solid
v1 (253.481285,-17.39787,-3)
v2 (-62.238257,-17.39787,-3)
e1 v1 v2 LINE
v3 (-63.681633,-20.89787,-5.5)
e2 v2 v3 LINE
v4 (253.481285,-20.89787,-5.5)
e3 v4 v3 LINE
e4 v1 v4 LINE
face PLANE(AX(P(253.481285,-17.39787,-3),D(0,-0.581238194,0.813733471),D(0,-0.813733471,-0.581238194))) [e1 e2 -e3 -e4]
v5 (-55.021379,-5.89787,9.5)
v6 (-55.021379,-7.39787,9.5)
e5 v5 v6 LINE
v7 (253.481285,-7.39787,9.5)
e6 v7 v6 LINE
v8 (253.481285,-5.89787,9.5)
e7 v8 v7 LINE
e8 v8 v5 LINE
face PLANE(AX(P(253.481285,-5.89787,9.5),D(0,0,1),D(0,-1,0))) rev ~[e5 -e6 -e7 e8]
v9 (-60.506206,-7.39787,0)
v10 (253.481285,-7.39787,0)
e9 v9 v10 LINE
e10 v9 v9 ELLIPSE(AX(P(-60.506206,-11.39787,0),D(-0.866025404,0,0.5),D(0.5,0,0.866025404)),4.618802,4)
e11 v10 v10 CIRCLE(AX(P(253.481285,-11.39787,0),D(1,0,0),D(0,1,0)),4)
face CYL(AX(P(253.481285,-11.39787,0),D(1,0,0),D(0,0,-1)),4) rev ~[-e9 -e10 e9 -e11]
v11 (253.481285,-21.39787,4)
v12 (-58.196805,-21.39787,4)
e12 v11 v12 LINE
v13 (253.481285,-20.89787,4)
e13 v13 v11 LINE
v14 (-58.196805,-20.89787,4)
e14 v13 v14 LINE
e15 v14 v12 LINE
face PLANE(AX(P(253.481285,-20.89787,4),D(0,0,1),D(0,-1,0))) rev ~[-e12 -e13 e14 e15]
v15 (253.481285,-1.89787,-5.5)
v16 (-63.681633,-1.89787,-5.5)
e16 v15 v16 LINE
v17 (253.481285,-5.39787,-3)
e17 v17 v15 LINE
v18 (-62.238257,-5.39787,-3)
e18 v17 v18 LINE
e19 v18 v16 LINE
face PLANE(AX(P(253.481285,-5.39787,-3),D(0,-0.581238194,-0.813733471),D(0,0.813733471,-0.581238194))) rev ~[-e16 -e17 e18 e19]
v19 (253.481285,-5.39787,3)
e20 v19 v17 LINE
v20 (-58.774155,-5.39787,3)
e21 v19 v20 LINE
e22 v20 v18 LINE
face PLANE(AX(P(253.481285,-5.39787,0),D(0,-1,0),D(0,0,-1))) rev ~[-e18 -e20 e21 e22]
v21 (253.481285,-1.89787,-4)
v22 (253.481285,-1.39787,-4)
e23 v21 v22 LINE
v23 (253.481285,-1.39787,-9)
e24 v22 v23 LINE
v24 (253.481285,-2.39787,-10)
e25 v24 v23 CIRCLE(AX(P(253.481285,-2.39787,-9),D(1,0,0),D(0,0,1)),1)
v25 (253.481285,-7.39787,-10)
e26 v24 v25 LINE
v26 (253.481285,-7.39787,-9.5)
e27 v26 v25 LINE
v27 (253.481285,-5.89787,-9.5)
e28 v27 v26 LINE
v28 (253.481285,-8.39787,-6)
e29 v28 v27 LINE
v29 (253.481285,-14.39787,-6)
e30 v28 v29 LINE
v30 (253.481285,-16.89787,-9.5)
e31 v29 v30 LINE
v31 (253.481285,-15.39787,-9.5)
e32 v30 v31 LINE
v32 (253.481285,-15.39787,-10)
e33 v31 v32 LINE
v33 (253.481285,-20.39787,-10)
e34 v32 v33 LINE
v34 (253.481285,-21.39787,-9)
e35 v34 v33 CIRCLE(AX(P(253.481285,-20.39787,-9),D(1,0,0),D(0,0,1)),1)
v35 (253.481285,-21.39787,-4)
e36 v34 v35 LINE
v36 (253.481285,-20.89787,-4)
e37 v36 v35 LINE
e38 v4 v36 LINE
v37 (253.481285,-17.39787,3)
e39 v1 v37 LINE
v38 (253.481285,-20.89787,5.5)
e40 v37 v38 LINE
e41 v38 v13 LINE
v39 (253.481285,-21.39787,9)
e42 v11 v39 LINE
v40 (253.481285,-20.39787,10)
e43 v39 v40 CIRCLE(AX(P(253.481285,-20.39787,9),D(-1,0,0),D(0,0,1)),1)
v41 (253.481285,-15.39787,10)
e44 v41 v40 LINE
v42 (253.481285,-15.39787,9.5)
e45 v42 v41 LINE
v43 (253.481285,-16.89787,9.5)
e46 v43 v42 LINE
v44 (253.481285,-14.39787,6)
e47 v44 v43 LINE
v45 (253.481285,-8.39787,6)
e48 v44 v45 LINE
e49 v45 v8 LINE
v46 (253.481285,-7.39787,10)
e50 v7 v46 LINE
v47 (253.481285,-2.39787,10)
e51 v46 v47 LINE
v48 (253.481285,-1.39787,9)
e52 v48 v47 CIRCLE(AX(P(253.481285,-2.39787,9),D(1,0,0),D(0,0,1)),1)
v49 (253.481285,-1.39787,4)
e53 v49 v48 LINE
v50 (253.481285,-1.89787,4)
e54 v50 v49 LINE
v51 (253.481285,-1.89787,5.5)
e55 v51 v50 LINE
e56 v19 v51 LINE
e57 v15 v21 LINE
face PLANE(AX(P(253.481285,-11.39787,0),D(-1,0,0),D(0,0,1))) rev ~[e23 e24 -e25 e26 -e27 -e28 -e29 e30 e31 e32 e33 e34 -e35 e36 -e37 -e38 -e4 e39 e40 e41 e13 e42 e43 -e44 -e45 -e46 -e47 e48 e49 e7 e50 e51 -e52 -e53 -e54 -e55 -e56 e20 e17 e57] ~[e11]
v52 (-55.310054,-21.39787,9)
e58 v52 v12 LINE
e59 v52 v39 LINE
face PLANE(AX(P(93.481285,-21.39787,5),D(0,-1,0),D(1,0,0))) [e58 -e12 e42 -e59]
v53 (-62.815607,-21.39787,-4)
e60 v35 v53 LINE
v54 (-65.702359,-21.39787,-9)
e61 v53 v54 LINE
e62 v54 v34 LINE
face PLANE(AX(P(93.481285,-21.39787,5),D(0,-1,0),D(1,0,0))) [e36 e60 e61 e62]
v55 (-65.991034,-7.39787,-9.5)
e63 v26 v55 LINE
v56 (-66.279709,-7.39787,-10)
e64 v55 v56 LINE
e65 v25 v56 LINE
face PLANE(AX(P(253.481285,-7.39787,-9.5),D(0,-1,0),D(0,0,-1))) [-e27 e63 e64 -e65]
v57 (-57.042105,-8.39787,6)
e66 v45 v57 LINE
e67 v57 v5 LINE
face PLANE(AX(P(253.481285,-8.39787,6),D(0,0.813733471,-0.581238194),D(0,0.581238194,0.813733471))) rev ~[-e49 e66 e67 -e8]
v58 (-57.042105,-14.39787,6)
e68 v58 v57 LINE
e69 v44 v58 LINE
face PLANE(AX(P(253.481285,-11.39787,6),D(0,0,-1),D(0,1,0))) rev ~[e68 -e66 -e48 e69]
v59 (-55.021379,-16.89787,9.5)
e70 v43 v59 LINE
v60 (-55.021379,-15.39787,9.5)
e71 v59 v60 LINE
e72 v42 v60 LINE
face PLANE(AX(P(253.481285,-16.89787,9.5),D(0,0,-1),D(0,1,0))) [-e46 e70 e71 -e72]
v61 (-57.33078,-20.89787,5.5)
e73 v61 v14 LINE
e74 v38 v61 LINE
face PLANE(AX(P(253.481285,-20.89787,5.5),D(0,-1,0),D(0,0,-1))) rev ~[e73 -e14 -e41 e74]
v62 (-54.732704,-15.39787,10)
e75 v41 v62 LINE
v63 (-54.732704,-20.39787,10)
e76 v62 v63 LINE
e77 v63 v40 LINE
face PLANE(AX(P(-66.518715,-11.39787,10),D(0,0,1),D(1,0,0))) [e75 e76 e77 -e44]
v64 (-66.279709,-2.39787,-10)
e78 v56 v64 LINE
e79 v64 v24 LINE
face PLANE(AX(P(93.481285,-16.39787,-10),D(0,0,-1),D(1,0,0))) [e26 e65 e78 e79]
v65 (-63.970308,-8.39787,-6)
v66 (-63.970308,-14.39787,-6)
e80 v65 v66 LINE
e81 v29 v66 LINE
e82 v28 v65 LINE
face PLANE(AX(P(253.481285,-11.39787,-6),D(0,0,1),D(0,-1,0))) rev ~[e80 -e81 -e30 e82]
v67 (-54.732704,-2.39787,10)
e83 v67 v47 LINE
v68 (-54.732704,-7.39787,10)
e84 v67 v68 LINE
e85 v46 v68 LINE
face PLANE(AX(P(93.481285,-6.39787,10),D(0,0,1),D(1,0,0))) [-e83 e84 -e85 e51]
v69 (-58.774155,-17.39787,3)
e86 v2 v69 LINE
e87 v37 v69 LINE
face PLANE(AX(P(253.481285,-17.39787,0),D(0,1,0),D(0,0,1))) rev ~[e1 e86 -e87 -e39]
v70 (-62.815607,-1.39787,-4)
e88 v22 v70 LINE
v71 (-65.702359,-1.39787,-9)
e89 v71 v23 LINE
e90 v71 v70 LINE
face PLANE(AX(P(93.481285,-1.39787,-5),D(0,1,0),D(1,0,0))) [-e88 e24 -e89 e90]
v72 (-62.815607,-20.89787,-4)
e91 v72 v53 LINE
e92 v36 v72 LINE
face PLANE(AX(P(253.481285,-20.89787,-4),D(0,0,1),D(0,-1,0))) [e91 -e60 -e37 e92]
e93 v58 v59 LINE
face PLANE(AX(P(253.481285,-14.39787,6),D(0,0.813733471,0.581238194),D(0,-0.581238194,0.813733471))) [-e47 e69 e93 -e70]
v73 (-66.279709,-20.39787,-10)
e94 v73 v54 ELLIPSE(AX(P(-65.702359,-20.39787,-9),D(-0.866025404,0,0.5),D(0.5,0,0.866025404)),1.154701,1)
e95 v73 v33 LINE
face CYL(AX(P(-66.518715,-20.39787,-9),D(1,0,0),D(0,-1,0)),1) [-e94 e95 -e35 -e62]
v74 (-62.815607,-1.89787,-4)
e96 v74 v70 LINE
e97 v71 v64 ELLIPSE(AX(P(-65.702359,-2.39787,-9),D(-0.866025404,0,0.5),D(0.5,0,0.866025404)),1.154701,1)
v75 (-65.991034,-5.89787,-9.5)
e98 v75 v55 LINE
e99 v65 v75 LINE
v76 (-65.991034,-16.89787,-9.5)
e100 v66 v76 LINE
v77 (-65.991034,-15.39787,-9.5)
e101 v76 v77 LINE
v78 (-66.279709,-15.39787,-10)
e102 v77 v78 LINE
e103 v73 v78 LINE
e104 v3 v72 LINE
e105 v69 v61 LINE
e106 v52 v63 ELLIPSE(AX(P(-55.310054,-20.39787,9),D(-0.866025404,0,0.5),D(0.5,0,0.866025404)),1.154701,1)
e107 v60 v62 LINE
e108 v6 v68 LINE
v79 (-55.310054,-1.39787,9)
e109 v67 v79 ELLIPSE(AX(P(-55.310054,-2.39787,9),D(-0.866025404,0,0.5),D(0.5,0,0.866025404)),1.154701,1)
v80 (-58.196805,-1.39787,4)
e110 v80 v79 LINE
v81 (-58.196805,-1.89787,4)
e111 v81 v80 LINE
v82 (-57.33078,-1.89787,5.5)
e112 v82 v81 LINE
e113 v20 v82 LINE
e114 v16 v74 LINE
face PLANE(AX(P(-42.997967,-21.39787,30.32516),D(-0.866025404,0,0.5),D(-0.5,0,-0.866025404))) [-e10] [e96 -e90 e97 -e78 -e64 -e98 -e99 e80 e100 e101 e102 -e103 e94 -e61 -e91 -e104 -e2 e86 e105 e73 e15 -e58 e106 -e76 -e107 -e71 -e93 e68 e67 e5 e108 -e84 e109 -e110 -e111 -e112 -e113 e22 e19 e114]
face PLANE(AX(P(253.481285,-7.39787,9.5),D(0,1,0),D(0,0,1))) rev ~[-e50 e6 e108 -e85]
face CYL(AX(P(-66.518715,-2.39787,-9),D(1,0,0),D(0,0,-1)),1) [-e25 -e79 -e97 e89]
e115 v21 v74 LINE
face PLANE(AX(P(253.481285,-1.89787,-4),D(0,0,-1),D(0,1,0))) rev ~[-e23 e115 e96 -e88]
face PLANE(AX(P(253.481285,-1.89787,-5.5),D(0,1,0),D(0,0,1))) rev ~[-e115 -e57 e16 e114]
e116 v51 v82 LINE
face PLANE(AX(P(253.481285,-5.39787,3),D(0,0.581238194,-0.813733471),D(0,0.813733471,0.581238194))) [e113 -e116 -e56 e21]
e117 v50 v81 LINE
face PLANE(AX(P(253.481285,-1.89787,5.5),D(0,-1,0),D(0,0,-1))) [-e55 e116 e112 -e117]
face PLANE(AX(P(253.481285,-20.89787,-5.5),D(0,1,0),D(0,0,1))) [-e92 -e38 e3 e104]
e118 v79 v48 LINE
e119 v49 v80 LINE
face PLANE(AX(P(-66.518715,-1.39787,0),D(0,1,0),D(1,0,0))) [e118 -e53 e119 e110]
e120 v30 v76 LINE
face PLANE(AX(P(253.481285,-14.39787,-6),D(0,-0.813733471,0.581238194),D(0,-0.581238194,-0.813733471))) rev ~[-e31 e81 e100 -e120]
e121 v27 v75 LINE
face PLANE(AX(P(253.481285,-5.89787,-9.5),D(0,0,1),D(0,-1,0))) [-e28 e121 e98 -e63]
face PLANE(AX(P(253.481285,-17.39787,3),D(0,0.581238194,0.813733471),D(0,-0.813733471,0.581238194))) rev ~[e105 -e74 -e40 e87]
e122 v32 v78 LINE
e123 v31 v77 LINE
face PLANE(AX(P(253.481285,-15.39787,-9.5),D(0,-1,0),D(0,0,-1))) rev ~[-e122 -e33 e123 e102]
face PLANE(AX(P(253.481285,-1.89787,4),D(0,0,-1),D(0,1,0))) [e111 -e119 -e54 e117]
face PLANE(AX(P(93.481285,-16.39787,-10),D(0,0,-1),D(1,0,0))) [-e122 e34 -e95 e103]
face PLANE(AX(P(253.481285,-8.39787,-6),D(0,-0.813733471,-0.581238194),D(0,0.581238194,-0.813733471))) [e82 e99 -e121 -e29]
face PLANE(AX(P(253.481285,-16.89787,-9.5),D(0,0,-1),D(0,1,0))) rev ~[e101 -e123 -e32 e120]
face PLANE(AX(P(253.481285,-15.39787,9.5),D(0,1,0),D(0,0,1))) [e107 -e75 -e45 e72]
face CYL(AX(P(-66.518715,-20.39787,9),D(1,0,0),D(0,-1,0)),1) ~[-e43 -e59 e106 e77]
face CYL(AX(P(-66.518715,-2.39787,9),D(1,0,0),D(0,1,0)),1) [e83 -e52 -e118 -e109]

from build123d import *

# Parameters (mm, degrees)
SKETCH_1_W                       = 320
SKETCH_1_H                       = 10
EXTRUDE_1_DEPTH                  = 10
SKETCH_2_R                       = 4
CUT_EXTRUDE_1_DEPTH              = 1270
CUT_EXTRUDE_2_DEPTH              = 1270
FILLET_1_R                       = 1
PATTERN_CIRCULAR_2_COUNT         = 4
FILLET_1_OF_PATTERN_CIRCULAR_2_R = 1
CUT_EXTRUDE_4_DEPTH              = 24


with BuildPart() as part:
    # 草图1 → 凸台-拉伸1 (new body)
    with BuildSketch(Plane.XY):
        with Locations((93.481285353, -6.397869645)):
            Rectangle(SKETCH_1_W, SKETCH_1_H)
    extrude_1 = extrude(amount=EXTRUDE_1_DEPTH)

    # 草图2 → 切除-拉伸1 (cut)
    with BuildSketch(Plane(origin=(253.481285353, 0, 0), x_dir=(0, 0, -1), z_dir=(1, 0, 0))):
        with Locations((0, -11.397869645)):
            Circle(SKETCH_2_R)
    cut_extrude_1 = extrude(amount=-CUT_EXTRUDE_1_DEPTH, mode=Mode.SUBTRACT)

    # 草图3 → 切除-拉伸2 (cut)
    with BuildSketch(Plane(origin=(253.481285353, 0, 0), x_dir=(0, 0, -1), z_dir=(1, 0, 0))):
        Polygon((-4, -1.397869645), (0, -1.397869645), (0, -5.397869645), (-3, -5.397869645), (-5.5, -1.897869645), (-4, -1.897869645), align=None)
        Polygon((-10, -7.397869645), (-10, -11.397869645), (-6, -11.397869645), (-6, -8.397869645), (-9.5, -5.897869645), (-9.5, -7.397869645), align=None)
    cut_extrude_2 = extrude(amount=-CUT_EXTRUDE_2_DEPTH, mode=Mode.SUBTRACT)

    # 圆角1
    fillet_1_edges = [part.edges().sort_by_distance(p)[0] for p in [
        (93.481285353, -1.397869645, 10),
    ]]
    fillet(fillet_1_edges, radius=FILLET_1_R)

    # 阵列(圆周)2: 凸台-拉伸1, 切除-拉伸1, 切除-拉伸2 ×4 about axis
    pattern_circular_2_axis = Axis((0, -11.397869645, 0), (1, 0, 0))
    add([extrude_1.rotate(pattern_circular_2_axis, i * 360 / PATTERN_CIRCULAR_2_COUNT) for i in range(1, PATTERN_CIRCULAR_2_COUNT)])
    add([cut_extrude_1.rotate(pattern_circular_2_axis, i * 360 / PATTERN_CIRCULAR_2_COUNT) for i in range(1, PATTERN_CIRCULAR_2_COUNT)], mode=Mode.SUBTRACT)
    add([cut_extrude_2.rotate(pattern_circular_2_axis, i * 360 / PATTERN_CIRCULAR_2_COUNT) for i in range(1, PATTERN_CIRCULAR_2_COUNT)], mode=Mode.SUBTRACT)

    # 圆角1 of 阵列(圆周)2
    fillet_1_of_pattern_circular_2_edges = [part.edges().sort_by_distance(p)[0] for p in [
        (93.481285353, -21.397869645, 10),
        (93.481285353, -21.397869645, -10),
        (93.481285353, -1.397869645, -10),
    ]]
    fillet(fillet_1_of_pattern_circular_2_edges, radius=FILLET_1_OF_PATTERN_CIRCULAR_2_R)

    # 草图5 → 切除-拉伸4 (cut)
    with BuildSketch(Plane.XZ.offset(21.397869645)):
        Polygon((-78.202673037, 13.081723415), (-42.997967066, 30.32515978), (-66.48214009, -10.35062107), align=None)
    extrude(amount=-CUT_EXTRUDE_4_DEPTH, mode=Mode.SUBTRACT)


solid = part.part
